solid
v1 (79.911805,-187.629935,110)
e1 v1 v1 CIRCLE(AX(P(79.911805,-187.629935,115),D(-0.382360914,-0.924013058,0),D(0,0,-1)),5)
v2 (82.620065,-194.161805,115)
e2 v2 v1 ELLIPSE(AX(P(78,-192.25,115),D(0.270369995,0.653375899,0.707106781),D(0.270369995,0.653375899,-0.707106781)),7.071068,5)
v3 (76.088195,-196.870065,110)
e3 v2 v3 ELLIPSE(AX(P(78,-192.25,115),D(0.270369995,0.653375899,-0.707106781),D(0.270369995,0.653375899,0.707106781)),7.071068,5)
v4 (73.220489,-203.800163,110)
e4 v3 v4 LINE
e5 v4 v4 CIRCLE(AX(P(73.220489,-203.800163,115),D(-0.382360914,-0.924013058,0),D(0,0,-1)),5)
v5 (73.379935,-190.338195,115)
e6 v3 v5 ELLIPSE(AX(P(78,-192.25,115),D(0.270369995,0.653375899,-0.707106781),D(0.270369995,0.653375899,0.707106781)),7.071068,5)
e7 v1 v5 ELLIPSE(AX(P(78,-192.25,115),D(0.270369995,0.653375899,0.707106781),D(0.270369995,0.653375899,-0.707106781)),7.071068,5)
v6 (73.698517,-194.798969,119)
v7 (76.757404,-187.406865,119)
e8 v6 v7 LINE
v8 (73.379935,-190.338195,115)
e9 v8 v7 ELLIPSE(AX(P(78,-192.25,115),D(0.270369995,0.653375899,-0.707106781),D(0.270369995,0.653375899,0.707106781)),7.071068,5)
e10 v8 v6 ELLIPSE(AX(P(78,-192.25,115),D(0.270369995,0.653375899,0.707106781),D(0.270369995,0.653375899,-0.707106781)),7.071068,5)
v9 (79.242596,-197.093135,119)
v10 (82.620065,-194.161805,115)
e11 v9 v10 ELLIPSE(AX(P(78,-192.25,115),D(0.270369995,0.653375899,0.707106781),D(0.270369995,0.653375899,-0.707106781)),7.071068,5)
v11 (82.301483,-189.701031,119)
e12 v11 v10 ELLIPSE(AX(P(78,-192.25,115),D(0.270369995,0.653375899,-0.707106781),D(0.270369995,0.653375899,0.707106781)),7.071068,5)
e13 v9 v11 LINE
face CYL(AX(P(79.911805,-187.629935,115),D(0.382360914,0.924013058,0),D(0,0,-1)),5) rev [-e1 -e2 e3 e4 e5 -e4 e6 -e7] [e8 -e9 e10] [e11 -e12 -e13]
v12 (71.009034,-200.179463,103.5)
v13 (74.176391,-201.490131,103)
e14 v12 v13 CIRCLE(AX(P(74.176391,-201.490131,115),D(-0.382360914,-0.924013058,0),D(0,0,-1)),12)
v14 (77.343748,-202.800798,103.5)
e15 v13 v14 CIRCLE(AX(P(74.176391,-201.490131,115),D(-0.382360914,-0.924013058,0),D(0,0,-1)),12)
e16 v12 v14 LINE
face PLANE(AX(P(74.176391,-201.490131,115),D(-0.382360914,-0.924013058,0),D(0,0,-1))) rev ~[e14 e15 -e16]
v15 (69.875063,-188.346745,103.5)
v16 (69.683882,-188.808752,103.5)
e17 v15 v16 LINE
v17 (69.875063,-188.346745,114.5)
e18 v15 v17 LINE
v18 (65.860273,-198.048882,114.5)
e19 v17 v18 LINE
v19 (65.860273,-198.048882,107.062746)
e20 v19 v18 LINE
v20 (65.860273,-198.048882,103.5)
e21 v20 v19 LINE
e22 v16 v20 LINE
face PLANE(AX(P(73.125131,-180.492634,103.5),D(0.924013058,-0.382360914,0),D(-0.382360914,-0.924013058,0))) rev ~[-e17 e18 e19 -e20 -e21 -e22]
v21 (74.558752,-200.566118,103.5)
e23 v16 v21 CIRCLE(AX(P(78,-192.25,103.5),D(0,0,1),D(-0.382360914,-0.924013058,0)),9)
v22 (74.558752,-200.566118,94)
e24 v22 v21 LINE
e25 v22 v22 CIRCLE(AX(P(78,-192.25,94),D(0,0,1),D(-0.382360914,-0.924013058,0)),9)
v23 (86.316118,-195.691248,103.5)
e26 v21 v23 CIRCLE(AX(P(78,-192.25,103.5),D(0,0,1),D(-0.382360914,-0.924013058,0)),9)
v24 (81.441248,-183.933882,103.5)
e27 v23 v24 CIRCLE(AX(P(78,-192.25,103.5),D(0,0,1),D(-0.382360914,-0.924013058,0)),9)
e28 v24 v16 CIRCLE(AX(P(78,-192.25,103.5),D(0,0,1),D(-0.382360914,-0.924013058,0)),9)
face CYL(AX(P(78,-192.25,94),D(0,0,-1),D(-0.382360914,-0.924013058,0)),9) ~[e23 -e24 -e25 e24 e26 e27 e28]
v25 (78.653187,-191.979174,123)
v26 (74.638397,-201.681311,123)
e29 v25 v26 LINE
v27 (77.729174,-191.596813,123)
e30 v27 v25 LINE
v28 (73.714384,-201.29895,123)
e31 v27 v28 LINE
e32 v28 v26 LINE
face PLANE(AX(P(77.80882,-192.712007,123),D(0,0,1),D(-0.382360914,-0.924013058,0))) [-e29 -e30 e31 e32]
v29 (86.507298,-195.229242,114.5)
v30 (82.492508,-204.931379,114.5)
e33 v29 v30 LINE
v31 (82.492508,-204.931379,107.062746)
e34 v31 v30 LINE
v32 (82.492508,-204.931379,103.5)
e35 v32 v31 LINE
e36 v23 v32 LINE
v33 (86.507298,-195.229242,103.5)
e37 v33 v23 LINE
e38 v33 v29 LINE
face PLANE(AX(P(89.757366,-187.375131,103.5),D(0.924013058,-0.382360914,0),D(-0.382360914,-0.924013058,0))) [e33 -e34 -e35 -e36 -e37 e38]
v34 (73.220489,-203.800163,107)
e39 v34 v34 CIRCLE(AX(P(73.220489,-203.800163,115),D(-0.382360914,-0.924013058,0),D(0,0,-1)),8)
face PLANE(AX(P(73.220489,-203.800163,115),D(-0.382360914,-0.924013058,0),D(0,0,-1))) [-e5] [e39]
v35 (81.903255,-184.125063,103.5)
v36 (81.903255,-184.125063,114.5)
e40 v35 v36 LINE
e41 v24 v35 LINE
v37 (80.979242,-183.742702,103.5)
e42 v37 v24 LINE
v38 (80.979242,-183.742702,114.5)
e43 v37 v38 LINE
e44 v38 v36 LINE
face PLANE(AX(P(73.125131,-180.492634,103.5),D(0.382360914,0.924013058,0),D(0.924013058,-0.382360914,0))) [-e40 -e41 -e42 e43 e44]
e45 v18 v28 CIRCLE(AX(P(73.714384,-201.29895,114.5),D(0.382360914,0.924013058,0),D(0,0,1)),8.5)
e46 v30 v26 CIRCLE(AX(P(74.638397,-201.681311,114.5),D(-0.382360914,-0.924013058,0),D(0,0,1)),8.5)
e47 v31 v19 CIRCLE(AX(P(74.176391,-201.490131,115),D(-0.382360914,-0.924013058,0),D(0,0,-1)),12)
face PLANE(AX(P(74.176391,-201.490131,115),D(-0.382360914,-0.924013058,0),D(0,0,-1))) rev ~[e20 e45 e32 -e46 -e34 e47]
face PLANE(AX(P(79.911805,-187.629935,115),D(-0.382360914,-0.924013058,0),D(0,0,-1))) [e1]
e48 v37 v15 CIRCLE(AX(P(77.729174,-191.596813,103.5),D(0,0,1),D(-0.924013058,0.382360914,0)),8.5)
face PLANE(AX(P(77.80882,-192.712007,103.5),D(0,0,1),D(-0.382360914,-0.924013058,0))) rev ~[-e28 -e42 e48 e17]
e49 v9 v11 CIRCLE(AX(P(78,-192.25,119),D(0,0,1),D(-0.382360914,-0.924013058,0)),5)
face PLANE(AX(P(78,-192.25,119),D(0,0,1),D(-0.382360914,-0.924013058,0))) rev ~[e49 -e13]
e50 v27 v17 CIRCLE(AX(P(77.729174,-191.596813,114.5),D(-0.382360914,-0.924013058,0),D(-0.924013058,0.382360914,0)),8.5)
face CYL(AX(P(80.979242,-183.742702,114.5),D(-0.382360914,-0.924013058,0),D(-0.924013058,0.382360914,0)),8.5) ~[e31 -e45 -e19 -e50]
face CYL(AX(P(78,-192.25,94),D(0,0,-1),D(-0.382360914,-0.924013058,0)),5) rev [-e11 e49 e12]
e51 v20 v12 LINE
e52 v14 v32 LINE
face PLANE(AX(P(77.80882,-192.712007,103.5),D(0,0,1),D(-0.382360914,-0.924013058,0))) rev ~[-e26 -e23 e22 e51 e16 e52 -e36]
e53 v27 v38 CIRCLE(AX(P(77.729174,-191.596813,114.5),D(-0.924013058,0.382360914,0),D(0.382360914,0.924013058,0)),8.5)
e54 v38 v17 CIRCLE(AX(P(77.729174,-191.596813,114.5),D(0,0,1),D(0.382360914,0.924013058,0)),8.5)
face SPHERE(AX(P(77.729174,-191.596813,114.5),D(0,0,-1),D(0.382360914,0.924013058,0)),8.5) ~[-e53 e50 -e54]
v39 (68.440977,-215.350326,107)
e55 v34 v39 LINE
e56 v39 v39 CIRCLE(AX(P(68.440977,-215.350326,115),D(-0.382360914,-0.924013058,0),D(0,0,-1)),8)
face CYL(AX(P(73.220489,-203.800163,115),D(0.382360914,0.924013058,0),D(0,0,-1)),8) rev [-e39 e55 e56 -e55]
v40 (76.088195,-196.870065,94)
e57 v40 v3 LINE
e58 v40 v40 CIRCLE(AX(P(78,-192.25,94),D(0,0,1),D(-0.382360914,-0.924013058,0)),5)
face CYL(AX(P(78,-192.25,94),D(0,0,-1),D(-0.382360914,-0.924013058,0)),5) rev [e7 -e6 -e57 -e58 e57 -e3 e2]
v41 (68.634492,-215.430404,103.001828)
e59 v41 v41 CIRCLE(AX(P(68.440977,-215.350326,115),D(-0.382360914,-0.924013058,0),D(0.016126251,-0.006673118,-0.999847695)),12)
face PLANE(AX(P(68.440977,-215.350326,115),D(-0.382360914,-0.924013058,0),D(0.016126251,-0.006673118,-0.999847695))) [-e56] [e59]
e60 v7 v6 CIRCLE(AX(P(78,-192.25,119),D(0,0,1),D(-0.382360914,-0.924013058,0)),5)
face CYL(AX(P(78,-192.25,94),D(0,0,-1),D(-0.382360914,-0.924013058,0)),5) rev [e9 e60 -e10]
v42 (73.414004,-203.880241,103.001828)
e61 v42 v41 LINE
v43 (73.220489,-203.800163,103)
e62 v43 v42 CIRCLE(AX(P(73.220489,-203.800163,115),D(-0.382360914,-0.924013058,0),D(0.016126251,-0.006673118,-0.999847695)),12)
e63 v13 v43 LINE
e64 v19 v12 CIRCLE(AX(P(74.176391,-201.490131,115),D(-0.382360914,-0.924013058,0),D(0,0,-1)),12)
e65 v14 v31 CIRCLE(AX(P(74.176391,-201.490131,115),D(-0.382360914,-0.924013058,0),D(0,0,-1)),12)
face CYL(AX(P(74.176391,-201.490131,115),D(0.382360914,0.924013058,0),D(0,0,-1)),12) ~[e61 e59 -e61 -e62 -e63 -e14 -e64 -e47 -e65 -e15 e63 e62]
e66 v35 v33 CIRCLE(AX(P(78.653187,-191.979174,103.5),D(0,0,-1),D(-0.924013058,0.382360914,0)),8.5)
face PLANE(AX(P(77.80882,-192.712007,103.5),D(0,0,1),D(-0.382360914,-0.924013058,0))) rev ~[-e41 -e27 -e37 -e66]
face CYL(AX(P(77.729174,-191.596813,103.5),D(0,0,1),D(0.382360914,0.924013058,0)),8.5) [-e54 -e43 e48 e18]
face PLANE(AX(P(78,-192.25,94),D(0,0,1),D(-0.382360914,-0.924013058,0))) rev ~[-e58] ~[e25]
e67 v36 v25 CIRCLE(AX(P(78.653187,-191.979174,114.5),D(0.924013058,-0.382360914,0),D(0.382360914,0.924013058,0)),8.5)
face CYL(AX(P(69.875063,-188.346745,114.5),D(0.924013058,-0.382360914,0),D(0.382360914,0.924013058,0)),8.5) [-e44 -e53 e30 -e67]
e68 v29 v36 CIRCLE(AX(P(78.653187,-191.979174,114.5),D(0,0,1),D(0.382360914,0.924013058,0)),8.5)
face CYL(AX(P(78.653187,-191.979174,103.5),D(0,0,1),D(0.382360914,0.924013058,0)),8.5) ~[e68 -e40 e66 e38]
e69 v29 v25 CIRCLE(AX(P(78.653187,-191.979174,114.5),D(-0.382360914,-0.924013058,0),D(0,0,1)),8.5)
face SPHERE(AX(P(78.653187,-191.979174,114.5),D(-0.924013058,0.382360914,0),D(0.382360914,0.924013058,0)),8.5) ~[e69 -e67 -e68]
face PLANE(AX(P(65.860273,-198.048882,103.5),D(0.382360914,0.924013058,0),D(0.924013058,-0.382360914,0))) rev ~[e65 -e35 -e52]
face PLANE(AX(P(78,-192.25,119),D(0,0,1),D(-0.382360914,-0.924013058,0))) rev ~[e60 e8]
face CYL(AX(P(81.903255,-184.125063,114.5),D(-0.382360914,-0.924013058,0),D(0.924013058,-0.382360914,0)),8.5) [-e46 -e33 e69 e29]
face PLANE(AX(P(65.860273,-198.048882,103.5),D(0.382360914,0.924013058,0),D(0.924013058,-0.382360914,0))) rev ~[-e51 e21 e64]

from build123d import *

# Parameters (mm, degrees)
CYLINDER021_R               = 5
CYLINDER021_DEPTH           = 25
CYLINDER022_R               = 5
CYLINDER022_DEPTH           = 15
CYLINDER020_R               = 9
CYLINDER020_DEPTH           = 9.5
BOX007_W                    = 19
BOX007_H                    = 18
BOX007_DEPTH                = 19.5
FILLET_R                    = 8.5
CYLINDER024_R               = 5
CYLINDER024_DEPTH           = 2.5
CYLINDER019_R               = 12
CYLINDER019_DEPTH           = 2.5
CYLINDER027_R               = 8
CYLINDER027_DEPTH           = 12.5
CYLINDER026_R               = 12
CYLINDER026_DEPTH           = 12.5
CYLINDER026_PLACEMENT_ANGLE = 1
FUSION025_PLACEMENT_ANGLE   = 90
FUSION_PLACEMENT_ANGLE      = 112.48


with BuildPart() as tc_bottom_hole:
    # Cylinder021 → Cylinder021 (new body)
    with BuildSketch(Plane.XY):
        Circle(CYLINDER021_R)
    extrude(amount=CYLINDER021_DEPTH)


with BuildPart() as tc_holes:
    # Cylinder022 → Cylinder022 (new body)
    with BuildSketch(Plane(origin=(-5, 0, 21), x_dir=(0, 0, -1), z_dir=(1, 0, 0))):
        Circle(CYLINDER022_R)
    extrude(amount=CYLINDER022_DEPTH)

    # Fusion016: union TC-Bottom-Hole
    add(tc_bottom_hole.part)


with BuildPart() as tc_bottom:
    # Cylinder020 → Cylinder020 (new body)
    with BuildSketch(Plane.XY):
        Circle(CYLINDER020_R)
    extrude(amount=CYLINDER020_DEPTH)


with BuildPart() as turnablecorner002:
    # Box007 → Box007 (new body)
    with BuildSketch(Plane(origin=(-9, -9, 9.5), x_dir=(1, 0, 0), z_dir=(0, 0, 1))):
        with Locations((9.5, 9)):
            Rectangle(BOX007_W, BOX007_H)
    extrude(amount=BOX007_DEPTH)

    # Fillet
    fillet_edges = [turnablecorner002.edges().sort_by_distance(p)[0] for p in [
        (-9, -9, 19.25),
        (-9, 0, 29),
        (-9, 9, 19.25),
        (0.5, -9, 29),
        (0.5, 9, 29),
    ]]
    fillet(fillet_edges, radius=FILLET_R)

    # Fusion018: union TC-Bottom
    add(tc_bottom.part)

    # Cut013: cut TC-Holes
    add(tc_holes.part, mode=Mode.SUBTRACT)


with BuildPart() as largeplughole:
    # Cylinder024 → Cylinder024 (new body)
    with BuildSketch(Plane.XY):
        Circle(CYLINDER024_R)
    extrude(amount=CYLINDER024_DEPTH)


with BuildPart() as largeplugbase001:
    # Cylinder019 → Cylinder019 (new body)
    with BuildSketch(Plane.XY):
        Circle(CYLINDER019_R)
    extrude(amount=CYLINDER019_DEPTH)

    # Cut008: cut LargePlugHole
    add(largeplughole.part, mode=Mode.SUBTRACT)


with BuildPart() as largeplugwallhole:
    # Cylinder027 → Cylinder027 (new body)
    with BuildSketch(Plane.XY.offset(2.5)):
        Circle(CYLINDER027_R)
    extrude(amount=CYLINDER027_DEPTH)


with BuildPart() as gpu2_in_adapter:
    # Cylinder026 → Cylinder026 (new body)
    with BuildSketch(Plane.XY):
        Circle(CYLINDER026_R)
    extrude(amount=CYLINDER026_DEPTH)


with BuildPart() as gpu2_in_adapter_1:
    # Cylinder026 placement: moved
    add(gpu2_in_adapter.part.moved(Location((0, 0, 2.5))).rotate(Axis((0, 0, 2.5), (0, 0, 1)), CYLINDER026_PLACEMENT_ANGLE))

    # Cut007: cut LargePlugWallHole
    add(largeplugwallhole.part, mode=Mode.SUBTRACT)

    # Fusion025: union LargePlugBase001
    add(largeplugbase001.part)


with BuildPart() as gpu2_in_adapter_2:
    # Fusion025 placement: moved
    add(gpu2_in_adapter_1.part.moved(Location((10, 0, 21))).rotate(Axis((10, 0, 21), (0, 1, 0)), FUSION025_PLACEMENT_ANGLE))

    # Fusion: union TurnableCorner002
    add(turnablecorner002.part)


with BuildPart() as gpu2_in_adapter_3:
    # Fusion placement: moved
    add(gpu2_in_adapter_2.part.moved(Location((78, -192.25, 94))).rotate(Axis((78, -192.25, 94), (0, 0, -1)), FUSION_PLACEMENT_ANGLE))


solid = gpu2_in_adapter_3.part
